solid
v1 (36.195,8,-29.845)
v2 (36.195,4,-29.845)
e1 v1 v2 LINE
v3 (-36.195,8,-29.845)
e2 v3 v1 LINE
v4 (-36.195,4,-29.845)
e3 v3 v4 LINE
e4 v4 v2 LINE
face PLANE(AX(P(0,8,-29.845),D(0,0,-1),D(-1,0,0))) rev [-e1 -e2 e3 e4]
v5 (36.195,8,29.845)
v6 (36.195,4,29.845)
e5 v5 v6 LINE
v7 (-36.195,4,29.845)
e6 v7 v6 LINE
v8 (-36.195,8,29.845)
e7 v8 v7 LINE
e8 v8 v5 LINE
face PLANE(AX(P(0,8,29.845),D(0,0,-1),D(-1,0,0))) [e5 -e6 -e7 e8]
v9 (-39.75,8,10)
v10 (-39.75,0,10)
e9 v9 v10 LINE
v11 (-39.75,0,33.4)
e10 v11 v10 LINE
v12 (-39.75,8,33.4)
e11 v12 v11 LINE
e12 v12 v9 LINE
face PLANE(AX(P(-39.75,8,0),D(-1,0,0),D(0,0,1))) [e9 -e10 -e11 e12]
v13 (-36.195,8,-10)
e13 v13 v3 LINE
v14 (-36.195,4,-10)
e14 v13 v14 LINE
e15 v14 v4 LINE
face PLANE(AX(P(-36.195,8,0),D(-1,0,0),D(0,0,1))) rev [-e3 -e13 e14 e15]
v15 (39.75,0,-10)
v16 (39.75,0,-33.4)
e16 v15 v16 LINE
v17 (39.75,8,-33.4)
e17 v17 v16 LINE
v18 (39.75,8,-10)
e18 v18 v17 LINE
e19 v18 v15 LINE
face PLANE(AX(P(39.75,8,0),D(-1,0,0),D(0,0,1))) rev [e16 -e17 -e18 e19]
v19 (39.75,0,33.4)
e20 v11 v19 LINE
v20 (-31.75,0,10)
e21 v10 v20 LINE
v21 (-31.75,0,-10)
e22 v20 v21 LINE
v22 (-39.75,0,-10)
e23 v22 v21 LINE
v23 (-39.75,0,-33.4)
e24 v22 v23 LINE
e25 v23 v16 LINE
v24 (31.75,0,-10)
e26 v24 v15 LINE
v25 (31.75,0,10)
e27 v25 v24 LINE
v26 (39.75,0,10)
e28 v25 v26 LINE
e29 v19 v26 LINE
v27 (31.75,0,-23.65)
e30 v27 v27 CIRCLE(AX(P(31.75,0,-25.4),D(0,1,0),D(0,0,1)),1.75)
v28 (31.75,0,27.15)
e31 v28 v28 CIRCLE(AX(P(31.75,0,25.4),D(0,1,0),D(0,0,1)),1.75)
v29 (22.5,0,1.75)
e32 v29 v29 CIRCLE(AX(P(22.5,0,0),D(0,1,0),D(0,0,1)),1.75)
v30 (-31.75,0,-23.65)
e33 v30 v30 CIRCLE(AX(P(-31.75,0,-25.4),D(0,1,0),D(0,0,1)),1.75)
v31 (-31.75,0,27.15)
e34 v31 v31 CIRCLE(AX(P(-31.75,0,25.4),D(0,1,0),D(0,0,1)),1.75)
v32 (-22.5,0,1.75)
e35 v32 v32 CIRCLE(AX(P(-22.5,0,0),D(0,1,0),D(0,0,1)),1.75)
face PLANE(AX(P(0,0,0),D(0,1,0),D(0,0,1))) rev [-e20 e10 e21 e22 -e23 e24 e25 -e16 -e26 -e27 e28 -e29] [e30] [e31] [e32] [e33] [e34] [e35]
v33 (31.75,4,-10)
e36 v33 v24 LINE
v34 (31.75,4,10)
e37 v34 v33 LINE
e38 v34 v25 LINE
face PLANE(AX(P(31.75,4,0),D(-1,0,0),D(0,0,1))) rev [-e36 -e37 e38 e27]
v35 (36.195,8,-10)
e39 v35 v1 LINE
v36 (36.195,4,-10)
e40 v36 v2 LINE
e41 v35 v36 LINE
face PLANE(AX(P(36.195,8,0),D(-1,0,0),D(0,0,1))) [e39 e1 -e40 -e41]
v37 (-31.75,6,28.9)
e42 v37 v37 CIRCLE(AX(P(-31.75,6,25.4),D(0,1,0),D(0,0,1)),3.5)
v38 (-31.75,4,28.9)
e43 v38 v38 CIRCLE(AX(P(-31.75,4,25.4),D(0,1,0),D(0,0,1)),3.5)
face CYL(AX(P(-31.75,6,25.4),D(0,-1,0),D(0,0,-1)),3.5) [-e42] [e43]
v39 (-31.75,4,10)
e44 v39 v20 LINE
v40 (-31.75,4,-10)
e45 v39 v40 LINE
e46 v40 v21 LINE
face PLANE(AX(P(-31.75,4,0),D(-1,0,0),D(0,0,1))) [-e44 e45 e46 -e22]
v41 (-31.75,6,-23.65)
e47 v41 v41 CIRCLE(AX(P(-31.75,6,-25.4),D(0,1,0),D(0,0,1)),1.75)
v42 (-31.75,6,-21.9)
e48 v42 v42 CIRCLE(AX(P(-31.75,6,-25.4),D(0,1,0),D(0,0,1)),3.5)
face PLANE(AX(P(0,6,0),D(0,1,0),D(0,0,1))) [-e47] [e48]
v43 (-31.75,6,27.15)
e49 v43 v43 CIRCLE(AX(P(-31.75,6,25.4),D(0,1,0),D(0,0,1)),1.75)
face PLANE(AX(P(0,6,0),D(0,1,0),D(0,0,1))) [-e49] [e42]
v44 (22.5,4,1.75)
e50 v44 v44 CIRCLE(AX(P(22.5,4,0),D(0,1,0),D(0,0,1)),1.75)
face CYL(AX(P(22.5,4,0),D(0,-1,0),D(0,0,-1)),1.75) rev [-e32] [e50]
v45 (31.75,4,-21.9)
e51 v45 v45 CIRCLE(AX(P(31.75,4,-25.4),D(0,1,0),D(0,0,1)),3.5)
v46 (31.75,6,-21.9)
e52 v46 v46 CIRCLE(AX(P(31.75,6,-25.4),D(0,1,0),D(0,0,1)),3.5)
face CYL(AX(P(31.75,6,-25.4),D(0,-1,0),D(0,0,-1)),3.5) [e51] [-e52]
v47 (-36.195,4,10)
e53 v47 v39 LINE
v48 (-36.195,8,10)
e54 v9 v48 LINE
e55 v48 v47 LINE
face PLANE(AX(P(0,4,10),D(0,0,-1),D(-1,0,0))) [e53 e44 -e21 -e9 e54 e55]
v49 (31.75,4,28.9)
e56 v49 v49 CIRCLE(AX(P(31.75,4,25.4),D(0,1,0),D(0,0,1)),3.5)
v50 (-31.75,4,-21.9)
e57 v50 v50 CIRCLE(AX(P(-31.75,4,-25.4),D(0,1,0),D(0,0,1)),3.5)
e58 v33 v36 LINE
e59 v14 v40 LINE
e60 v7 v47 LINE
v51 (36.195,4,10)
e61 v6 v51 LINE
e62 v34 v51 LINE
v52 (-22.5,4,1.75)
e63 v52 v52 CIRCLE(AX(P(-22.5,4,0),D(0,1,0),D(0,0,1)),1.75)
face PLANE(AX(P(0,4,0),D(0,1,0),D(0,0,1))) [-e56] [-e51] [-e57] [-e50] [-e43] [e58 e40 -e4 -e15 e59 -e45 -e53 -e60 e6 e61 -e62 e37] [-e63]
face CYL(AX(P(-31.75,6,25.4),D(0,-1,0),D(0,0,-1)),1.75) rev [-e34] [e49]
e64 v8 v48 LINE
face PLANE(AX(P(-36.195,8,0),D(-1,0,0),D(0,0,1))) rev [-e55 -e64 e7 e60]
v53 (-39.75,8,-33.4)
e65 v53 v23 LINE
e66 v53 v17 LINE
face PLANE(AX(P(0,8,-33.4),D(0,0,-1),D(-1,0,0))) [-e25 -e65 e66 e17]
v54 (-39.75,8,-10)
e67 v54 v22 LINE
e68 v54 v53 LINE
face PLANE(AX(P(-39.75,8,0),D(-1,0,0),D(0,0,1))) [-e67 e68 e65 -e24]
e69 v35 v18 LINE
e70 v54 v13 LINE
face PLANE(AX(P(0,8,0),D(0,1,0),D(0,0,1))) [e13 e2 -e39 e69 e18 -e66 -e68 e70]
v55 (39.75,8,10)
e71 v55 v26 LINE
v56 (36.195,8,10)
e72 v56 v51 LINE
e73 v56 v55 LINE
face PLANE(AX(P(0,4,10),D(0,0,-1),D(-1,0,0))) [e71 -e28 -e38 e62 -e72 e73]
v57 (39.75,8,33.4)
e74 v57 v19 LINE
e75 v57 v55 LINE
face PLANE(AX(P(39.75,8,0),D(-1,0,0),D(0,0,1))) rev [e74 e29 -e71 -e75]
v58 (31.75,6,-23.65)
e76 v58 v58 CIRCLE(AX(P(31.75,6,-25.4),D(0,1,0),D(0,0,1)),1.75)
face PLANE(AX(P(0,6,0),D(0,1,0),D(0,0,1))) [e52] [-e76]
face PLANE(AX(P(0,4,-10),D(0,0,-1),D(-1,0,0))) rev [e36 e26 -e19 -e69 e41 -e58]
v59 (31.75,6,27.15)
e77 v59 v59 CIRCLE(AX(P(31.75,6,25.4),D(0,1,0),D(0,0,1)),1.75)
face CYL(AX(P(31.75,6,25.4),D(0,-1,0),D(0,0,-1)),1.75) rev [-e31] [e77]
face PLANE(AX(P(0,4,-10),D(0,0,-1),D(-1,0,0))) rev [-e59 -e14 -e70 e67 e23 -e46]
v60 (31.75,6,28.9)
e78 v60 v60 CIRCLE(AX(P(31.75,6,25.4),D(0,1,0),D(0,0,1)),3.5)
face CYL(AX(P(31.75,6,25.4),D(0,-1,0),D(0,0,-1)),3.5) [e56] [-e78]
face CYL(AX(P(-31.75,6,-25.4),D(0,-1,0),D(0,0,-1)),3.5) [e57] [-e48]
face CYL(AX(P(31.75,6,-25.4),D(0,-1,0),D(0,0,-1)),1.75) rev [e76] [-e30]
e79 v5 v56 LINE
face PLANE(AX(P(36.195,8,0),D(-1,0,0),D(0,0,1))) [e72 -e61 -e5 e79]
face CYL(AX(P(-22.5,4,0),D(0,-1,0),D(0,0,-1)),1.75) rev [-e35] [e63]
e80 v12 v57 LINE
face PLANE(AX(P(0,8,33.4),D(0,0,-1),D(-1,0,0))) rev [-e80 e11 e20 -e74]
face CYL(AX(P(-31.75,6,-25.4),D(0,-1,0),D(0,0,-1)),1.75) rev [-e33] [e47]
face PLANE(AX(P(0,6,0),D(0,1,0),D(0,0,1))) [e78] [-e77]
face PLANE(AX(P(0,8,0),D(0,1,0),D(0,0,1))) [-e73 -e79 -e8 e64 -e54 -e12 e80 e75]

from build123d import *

# Parameters (mm, degrees)
SKETCH1_R           = 1.75
SKETCH1_R_2         = 3.5
BOSS_EXTRUDE1_DEPTH = 4
BOSS_EXTRUDE2_DEPTH = 8
SKETCH1_4_R         = 3.5
SKETCH1_4_R_2       = 1.75
BOSS_EXTRUDE3_DEPTH = 6


with BuildPart() as part:
    # Sketch1 → Boss-Extrude1 (new body)
    with BuildSketch(Plane(origin=(0, 0, 0), x_dir=(1, 0, 0), z_dir=(0, 1, 0))):
        Polygon((31.75, -10), (31.75, 10), (36.195, 10), (36.195, 29.845), (-36.195, 29.845), (-36.195, 10), (-31.75, 10), (-31.75, -10), (-36.195, -10), (-36.195, -29.845), (36.195, -29.845), (36.195, -10), align=None)
        with Locations((-22.5, 0)):
            Circle(SKETCH1_R, mode=Mode.SUBTRACT)
        with Locations((22.5, 0)):
            Circle(SKETCH1_R, mode=Mode.SUBTRACT)
        with Locations((31.75, -25.4)):
            Circle(SKETCH1_R_2, mode=Mode.SUBTRACT)
        with Locations((-31.75, -25.4)):
            Circle(SKETCH1_R_2, mode=Mode.SUBTRACT)
        with Locations((-31.75, 25.4)):
            Circle(SKETCH1_R_2, mode=Mode.SUBTRACT)
        with Locations((31.75, 25.4)):
            Circle(SKETCH1_R_2, mode=Mode.SUBTRACT)
    extrude(amount=BOSS_EXTRUDE1_DEPTH)

    # Sketch1<3> → Boss-Extrude2 (add)
    with BuildSketch(Plane(origin=(0, 0, 0), x_dir=(1, 0, 0), z_dir=(0, 1, 0))):
        Polygon((39.75, -33.4), (39.75, -10), (36.195, -10), (36.195, -29.845), (-36.195, -29.845), (-36.195, -10), (-39.75, -10), (-39.75, -33.4), align=None)
        Polygon((36.195, 10), (39.75, 10), (39.75, 33.4), (-39.75, 33.4), (-39.75, 10), (-36.195, 10), (-36.195, 29.845), (36.195, 29.845), align=None)
    extrude(amount=BOSS_EXTRUDE2_DEPTH)

    # Sketch1<4> → Boss-Extrude3 (add)
    # profile 1 of 4: a face of its own
    with BuildSketch(Plane(origin=(0, 0, 0), x_dir=(1, 0, 0), z_dir=(0, 1, 0))):
        with Locations((31.75, -25.4)):
            Circle(SKETCH1_4_R)
        with Locations((31.75, -25.4)):
            Circle(SKETCH1_4_R_2, mode=Mode.SUBTRACT)
    # profile 2 of 4: a face of its own
    with BuildSketch(Plane(origin=(0, 0, 0), x_dir=(1, 0, 0), z_dir=(0, 1, 0))):
        with Locations((31.75, 25.4)):
            Circle(SKETCH1_4_R)
        with Locations((31.75, 25.4)):
            Circle(SKETCH1_4_R_2, mode=Mode.SUBTRACT)
    # profile 3 of 4: a face of its own
    with BuildSketch(Plane(origin=(0, 0, 0), x_dir=(1, 0, 0), z_dir=(0, 1, 0))):
        with Locations((-31.75, -25.4)):
            Circle(SKETCH1_4_R)
        with Locations((-31.75, -25.4)):
            Circle(SKETCH1_4_R_2, mode=Mode.SUBTRACT)
    # profile 4 of 4: a face of its own
    with BuildSketch(Plane(origin=(0, 0, 0), x_dir=(1, 0, 0), z_dir=(0, 1, 0))):
        with Locations((-31.75, 25.4)):
            Circle(SKETCH1_4_R)
        with Locations((-31.75, 25.4)):
            Circle(SKETCH1_4_R_2, mode=Mode.SUBTRACT)
    extrude(amount=BOSS_EXTRUDE3_DEPTH)


solid = part.part
